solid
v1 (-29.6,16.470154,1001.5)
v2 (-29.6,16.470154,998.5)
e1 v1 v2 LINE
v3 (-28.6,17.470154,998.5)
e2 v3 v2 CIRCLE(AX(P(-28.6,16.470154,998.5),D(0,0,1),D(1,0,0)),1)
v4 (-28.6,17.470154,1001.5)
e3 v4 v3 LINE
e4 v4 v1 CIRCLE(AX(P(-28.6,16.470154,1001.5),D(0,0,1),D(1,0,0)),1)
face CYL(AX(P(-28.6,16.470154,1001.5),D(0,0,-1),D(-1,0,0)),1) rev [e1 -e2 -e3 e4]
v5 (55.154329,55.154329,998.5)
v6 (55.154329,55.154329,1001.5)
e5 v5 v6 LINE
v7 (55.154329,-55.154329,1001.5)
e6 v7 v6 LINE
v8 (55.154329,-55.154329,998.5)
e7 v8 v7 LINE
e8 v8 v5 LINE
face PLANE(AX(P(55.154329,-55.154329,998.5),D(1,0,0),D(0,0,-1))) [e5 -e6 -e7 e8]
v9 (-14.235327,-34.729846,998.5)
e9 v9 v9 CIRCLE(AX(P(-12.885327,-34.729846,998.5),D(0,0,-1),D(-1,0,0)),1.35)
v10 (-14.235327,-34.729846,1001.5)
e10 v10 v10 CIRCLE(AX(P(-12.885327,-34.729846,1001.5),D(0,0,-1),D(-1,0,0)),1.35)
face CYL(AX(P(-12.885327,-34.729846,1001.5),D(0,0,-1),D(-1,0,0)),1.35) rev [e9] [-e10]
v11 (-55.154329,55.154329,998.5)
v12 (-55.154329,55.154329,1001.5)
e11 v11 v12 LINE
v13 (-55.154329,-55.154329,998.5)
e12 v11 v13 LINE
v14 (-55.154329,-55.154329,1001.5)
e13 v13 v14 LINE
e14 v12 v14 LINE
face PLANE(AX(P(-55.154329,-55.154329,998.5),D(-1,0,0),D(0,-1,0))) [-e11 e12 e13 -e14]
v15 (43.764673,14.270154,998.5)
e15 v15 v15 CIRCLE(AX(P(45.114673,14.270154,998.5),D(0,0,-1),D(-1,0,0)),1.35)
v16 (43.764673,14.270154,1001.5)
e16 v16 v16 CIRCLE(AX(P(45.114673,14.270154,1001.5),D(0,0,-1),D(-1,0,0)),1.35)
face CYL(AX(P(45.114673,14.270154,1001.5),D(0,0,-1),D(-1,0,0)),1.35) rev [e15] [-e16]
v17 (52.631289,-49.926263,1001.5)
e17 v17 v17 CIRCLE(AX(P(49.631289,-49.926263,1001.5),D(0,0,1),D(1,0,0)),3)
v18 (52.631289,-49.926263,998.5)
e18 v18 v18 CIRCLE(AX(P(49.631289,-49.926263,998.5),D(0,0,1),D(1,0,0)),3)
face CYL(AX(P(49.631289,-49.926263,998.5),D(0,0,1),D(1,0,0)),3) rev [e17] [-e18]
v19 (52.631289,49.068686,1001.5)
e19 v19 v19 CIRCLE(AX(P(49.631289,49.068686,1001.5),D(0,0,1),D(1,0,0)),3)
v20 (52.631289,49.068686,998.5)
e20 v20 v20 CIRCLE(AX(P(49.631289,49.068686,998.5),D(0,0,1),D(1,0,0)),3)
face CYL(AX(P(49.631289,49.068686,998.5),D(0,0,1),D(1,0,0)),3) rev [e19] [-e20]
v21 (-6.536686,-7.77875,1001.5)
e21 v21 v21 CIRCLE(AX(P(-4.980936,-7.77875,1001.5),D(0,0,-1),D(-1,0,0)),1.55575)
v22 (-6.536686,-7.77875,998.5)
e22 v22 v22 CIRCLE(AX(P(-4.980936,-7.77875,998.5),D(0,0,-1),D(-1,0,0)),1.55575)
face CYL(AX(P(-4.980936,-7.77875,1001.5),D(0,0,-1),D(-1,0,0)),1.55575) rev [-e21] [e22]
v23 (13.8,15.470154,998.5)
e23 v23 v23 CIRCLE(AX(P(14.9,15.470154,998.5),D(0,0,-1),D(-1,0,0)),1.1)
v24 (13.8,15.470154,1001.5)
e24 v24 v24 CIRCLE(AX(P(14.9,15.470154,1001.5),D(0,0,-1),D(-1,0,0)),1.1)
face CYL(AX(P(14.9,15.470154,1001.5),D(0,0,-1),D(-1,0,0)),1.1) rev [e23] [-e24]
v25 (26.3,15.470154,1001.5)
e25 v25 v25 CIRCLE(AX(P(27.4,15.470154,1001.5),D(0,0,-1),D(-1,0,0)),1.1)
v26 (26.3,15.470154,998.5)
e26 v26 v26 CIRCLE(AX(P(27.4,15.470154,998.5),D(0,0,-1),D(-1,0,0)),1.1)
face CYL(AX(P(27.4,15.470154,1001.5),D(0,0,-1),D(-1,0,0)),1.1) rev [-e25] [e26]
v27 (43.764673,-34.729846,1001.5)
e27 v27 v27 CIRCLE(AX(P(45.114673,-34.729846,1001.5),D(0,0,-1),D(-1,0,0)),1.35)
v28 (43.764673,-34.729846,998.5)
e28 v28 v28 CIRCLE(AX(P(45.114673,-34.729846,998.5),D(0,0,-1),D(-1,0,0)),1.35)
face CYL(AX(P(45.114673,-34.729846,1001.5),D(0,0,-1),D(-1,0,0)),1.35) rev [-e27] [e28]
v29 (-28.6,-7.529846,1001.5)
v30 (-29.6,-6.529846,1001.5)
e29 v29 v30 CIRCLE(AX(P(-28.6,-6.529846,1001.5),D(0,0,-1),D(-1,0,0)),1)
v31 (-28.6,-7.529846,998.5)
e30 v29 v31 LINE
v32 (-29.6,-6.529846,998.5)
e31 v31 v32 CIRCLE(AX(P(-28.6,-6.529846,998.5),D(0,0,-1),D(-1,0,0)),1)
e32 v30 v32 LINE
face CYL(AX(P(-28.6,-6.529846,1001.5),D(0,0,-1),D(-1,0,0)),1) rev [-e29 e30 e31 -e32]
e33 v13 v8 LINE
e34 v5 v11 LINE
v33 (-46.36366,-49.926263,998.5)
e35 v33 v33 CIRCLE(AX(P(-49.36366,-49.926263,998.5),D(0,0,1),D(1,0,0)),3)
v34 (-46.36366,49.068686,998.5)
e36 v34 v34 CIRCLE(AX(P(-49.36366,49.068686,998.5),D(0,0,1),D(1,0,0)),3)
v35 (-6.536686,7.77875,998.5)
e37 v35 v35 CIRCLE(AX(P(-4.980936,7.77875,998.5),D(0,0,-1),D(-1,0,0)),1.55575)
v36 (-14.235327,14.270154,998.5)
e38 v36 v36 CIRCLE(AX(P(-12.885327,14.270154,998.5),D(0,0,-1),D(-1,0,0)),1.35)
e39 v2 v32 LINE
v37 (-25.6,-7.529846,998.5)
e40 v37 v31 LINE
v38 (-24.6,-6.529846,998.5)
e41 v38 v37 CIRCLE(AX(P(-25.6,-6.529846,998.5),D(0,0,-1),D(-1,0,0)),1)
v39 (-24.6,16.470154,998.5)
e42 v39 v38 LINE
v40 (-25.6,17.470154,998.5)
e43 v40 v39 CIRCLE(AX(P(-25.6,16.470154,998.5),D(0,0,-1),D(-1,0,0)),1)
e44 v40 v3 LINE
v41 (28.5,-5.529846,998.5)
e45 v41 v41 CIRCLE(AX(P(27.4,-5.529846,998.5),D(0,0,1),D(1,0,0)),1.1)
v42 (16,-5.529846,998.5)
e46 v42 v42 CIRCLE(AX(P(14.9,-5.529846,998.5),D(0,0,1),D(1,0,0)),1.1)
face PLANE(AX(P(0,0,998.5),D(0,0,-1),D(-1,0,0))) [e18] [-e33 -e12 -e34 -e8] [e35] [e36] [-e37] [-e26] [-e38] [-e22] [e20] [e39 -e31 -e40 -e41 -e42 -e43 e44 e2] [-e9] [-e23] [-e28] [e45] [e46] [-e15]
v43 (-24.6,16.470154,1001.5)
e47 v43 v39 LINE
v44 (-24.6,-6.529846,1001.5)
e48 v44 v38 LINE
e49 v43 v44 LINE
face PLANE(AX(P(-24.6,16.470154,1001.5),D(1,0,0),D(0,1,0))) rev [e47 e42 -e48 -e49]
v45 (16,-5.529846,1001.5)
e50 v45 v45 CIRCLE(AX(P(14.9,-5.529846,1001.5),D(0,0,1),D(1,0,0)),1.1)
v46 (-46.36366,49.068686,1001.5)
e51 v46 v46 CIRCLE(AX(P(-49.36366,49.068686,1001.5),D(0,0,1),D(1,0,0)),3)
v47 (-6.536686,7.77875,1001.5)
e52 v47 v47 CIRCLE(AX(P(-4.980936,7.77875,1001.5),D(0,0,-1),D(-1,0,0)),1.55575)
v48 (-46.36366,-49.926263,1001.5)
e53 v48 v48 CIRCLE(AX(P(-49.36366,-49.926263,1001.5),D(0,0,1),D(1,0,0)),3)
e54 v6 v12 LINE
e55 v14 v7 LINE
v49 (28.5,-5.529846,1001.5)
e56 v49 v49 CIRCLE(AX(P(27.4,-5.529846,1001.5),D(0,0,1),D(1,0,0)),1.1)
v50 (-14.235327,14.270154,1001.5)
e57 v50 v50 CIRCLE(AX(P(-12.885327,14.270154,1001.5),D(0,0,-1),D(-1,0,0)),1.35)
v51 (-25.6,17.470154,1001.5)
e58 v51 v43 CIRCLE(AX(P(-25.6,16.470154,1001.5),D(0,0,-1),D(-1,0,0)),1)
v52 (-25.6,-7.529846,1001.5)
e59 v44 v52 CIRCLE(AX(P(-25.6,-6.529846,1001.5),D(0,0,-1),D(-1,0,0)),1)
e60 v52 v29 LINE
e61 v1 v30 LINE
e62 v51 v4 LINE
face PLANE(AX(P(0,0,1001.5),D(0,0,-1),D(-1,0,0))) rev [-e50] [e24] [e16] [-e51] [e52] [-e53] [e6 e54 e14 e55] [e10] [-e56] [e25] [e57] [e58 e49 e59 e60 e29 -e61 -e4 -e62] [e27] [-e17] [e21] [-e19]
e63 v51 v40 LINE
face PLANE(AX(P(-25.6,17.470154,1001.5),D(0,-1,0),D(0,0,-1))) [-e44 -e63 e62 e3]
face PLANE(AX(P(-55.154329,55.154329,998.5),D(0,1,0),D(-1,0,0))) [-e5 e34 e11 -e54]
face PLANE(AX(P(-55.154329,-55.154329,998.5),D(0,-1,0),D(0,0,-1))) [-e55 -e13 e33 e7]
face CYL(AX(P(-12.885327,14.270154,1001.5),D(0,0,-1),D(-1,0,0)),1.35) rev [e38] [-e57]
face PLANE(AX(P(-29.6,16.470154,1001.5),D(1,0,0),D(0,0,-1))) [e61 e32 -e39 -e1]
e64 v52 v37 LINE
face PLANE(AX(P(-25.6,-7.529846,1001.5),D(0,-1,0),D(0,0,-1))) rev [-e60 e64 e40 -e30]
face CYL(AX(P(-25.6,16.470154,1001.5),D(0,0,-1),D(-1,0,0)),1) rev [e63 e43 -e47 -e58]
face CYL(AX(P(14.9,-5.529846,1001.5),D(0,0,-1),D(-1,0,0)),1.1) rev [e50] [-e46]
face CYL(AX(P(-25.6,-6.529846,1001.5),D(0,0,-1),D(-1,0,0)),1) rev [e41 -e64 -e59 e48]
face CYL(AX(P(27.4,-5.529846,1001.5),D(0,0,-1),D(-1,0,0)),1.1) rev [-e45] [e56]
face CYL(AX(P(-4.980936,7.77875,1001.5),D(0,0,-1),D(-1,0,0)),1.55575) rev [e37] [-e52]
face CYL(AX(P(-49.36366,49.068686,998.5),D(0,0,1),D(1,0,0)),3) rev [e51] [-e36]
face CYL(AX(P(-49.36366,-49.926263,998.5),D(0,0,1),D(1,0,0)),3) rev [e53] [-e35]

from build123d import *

# Parameters (mm, degrees)
CROQUIS1_W              = 110.308657865
CROQUIS1_H              = 110.308657866
CROQUIS1_R              = 3
SALIENTE_EXTRUIR1_DEPTH = 3
CROQUIS3_R              = 1.35
CORTAR_EXTRUIR1_DEPTH   = 4
SKETCH2_R               = 1.55575
CUT_EXTRUDE1_DEPTH      = 4
SKETCH1_R               = 1.1
CUT_EXTRUDE2_DEPTH      = 4


with BuildPart() as part:
    # Croquis1 → Saliente-Extruir1 (new body)
    with BuildSketch(Plane(origin=(25.025391454, -7.129133069, 1001.5), x_dir=(1, 0, 0), z_dir=(0, 0, 1))):
        with Locations((-25.025391455, 7.129133069)):
            Rectangle(CROQUIS1_W, CROQUIS1_H)
        with Locations((-74.389051931, 56.197819511)):
            Circle(CROQUIS1_R, mode=Mode.SUBTRACT)
        with Locations((24.605897435, -42.797129855)):
            Circle(CROQUIS1_R, mode=Mode.SUBTRACT)
        with Locations((-74.389051931, -42.797129855)):
            Circle(CROQUIS1_R, mode=Mode.SUBTRACT)
        with Locations((24.605897435, 56.197819511)):
            Circle(CROQUIS1_R, mode=Mode.SUBTRACT)
    extrude(amount=-SALIENTE_EXTRUIR1_DEPTH)

    # Croquis3 → Cortar-Extruir1 (cut, through all)
    with BuildSketch(Plane(origin=(25.025391454, -7.129133069, 998.5), x_dir=(-1, 0, 0), z_dir=(0, 0, -1))):
        with Locations((37.910718234, 21.399287334)):
            Circle(CROQUIS3_R)
        with Locations((37.910718234, -27.600712666)):
            Circle(CROQUIS3_R)
        with Locations((-20.089281766, -27.600712666)):
            Circle(CROQUIS3_R)
        with Locations((-20.089281766, 21.399287334)):
            Circle(CROQUIS3_R)
    extrude(amount=-CORTAR_EXTRUIR1_DEPTH, mode=Mode.SUBTRACT)

    # Sketch2 → Cut-Extrude1 (cut, through all)
    with BuildSketch(Plane(origin=(25.025391454, -7.129133069, 998.5), x_dir=(-1, 0, 0), z_dir=(0, 0, -1))):
        with Locations((30.006327248, 14.907883069)):
            Circle(SKETCH2_R)
        with Locations((30.006327248, -0.649616931)):
            Circle(SKETCH2_R)
    extrude(amount=-CUT_EXTRUDE1_DEPTH, mode=Mode.SUBTRACT)

    # Sketch1 → Cut-Extrude2 (cut, through all)
    with BuildSketch(Plane(origin=(25.025391454, -7.129133069, 998.5), x_dir=(-1, 0, 0), z_dir=(0, 0, -1))):
        with Locations((-2.374608546, 22.599287334)):
            Circle(SKETCH1_R)
        with Locations((10.125391454, 22.599287334)):
            Circle(SKETCH1_R)
        with Locations((10.125391454, 1.599287334)):
            Circle(SKETCH1_R)
        with Locations((-2.374608546, 1.599287334)):
            Circle(SKETCH1_R)
        with BuildLine():
            Line((50.625391454, 24.599287334), (53.625391454, 24.599287334))
            ThreePointArc((53.625391454, 24.599287334), (54.332498236, 24.306394115), (54.625391454, 23.599287334))
            Line((54.625391454, 23.599287334), (54.625391454, 0.599287334))
            ThreePointArc((54.625391454, 0.599287334), (54.332498236, -0.107819447), (53.625391454, -0.400712666))
            Line((53.625391454, -0.400712666), (50.625391454, -0.400712666))
            ThreePointArc((50.625391454, -0.400712666), (49.918284673, -0.107819447), (49.625391454, 0.599287334))
            Line((49.625391454, 0.599287334), (49.625391454, 23.599287334))
            ThreePointArc((49.625391454, 23.599287334), (49.918284673, 24.306394115), (50.625391454, 24.599287334))
        make_face()
    extrude(amount=-CUT_EXTRUDE2_DEPTH, mode=Mode.SUBTRACT)


solid = part.part
